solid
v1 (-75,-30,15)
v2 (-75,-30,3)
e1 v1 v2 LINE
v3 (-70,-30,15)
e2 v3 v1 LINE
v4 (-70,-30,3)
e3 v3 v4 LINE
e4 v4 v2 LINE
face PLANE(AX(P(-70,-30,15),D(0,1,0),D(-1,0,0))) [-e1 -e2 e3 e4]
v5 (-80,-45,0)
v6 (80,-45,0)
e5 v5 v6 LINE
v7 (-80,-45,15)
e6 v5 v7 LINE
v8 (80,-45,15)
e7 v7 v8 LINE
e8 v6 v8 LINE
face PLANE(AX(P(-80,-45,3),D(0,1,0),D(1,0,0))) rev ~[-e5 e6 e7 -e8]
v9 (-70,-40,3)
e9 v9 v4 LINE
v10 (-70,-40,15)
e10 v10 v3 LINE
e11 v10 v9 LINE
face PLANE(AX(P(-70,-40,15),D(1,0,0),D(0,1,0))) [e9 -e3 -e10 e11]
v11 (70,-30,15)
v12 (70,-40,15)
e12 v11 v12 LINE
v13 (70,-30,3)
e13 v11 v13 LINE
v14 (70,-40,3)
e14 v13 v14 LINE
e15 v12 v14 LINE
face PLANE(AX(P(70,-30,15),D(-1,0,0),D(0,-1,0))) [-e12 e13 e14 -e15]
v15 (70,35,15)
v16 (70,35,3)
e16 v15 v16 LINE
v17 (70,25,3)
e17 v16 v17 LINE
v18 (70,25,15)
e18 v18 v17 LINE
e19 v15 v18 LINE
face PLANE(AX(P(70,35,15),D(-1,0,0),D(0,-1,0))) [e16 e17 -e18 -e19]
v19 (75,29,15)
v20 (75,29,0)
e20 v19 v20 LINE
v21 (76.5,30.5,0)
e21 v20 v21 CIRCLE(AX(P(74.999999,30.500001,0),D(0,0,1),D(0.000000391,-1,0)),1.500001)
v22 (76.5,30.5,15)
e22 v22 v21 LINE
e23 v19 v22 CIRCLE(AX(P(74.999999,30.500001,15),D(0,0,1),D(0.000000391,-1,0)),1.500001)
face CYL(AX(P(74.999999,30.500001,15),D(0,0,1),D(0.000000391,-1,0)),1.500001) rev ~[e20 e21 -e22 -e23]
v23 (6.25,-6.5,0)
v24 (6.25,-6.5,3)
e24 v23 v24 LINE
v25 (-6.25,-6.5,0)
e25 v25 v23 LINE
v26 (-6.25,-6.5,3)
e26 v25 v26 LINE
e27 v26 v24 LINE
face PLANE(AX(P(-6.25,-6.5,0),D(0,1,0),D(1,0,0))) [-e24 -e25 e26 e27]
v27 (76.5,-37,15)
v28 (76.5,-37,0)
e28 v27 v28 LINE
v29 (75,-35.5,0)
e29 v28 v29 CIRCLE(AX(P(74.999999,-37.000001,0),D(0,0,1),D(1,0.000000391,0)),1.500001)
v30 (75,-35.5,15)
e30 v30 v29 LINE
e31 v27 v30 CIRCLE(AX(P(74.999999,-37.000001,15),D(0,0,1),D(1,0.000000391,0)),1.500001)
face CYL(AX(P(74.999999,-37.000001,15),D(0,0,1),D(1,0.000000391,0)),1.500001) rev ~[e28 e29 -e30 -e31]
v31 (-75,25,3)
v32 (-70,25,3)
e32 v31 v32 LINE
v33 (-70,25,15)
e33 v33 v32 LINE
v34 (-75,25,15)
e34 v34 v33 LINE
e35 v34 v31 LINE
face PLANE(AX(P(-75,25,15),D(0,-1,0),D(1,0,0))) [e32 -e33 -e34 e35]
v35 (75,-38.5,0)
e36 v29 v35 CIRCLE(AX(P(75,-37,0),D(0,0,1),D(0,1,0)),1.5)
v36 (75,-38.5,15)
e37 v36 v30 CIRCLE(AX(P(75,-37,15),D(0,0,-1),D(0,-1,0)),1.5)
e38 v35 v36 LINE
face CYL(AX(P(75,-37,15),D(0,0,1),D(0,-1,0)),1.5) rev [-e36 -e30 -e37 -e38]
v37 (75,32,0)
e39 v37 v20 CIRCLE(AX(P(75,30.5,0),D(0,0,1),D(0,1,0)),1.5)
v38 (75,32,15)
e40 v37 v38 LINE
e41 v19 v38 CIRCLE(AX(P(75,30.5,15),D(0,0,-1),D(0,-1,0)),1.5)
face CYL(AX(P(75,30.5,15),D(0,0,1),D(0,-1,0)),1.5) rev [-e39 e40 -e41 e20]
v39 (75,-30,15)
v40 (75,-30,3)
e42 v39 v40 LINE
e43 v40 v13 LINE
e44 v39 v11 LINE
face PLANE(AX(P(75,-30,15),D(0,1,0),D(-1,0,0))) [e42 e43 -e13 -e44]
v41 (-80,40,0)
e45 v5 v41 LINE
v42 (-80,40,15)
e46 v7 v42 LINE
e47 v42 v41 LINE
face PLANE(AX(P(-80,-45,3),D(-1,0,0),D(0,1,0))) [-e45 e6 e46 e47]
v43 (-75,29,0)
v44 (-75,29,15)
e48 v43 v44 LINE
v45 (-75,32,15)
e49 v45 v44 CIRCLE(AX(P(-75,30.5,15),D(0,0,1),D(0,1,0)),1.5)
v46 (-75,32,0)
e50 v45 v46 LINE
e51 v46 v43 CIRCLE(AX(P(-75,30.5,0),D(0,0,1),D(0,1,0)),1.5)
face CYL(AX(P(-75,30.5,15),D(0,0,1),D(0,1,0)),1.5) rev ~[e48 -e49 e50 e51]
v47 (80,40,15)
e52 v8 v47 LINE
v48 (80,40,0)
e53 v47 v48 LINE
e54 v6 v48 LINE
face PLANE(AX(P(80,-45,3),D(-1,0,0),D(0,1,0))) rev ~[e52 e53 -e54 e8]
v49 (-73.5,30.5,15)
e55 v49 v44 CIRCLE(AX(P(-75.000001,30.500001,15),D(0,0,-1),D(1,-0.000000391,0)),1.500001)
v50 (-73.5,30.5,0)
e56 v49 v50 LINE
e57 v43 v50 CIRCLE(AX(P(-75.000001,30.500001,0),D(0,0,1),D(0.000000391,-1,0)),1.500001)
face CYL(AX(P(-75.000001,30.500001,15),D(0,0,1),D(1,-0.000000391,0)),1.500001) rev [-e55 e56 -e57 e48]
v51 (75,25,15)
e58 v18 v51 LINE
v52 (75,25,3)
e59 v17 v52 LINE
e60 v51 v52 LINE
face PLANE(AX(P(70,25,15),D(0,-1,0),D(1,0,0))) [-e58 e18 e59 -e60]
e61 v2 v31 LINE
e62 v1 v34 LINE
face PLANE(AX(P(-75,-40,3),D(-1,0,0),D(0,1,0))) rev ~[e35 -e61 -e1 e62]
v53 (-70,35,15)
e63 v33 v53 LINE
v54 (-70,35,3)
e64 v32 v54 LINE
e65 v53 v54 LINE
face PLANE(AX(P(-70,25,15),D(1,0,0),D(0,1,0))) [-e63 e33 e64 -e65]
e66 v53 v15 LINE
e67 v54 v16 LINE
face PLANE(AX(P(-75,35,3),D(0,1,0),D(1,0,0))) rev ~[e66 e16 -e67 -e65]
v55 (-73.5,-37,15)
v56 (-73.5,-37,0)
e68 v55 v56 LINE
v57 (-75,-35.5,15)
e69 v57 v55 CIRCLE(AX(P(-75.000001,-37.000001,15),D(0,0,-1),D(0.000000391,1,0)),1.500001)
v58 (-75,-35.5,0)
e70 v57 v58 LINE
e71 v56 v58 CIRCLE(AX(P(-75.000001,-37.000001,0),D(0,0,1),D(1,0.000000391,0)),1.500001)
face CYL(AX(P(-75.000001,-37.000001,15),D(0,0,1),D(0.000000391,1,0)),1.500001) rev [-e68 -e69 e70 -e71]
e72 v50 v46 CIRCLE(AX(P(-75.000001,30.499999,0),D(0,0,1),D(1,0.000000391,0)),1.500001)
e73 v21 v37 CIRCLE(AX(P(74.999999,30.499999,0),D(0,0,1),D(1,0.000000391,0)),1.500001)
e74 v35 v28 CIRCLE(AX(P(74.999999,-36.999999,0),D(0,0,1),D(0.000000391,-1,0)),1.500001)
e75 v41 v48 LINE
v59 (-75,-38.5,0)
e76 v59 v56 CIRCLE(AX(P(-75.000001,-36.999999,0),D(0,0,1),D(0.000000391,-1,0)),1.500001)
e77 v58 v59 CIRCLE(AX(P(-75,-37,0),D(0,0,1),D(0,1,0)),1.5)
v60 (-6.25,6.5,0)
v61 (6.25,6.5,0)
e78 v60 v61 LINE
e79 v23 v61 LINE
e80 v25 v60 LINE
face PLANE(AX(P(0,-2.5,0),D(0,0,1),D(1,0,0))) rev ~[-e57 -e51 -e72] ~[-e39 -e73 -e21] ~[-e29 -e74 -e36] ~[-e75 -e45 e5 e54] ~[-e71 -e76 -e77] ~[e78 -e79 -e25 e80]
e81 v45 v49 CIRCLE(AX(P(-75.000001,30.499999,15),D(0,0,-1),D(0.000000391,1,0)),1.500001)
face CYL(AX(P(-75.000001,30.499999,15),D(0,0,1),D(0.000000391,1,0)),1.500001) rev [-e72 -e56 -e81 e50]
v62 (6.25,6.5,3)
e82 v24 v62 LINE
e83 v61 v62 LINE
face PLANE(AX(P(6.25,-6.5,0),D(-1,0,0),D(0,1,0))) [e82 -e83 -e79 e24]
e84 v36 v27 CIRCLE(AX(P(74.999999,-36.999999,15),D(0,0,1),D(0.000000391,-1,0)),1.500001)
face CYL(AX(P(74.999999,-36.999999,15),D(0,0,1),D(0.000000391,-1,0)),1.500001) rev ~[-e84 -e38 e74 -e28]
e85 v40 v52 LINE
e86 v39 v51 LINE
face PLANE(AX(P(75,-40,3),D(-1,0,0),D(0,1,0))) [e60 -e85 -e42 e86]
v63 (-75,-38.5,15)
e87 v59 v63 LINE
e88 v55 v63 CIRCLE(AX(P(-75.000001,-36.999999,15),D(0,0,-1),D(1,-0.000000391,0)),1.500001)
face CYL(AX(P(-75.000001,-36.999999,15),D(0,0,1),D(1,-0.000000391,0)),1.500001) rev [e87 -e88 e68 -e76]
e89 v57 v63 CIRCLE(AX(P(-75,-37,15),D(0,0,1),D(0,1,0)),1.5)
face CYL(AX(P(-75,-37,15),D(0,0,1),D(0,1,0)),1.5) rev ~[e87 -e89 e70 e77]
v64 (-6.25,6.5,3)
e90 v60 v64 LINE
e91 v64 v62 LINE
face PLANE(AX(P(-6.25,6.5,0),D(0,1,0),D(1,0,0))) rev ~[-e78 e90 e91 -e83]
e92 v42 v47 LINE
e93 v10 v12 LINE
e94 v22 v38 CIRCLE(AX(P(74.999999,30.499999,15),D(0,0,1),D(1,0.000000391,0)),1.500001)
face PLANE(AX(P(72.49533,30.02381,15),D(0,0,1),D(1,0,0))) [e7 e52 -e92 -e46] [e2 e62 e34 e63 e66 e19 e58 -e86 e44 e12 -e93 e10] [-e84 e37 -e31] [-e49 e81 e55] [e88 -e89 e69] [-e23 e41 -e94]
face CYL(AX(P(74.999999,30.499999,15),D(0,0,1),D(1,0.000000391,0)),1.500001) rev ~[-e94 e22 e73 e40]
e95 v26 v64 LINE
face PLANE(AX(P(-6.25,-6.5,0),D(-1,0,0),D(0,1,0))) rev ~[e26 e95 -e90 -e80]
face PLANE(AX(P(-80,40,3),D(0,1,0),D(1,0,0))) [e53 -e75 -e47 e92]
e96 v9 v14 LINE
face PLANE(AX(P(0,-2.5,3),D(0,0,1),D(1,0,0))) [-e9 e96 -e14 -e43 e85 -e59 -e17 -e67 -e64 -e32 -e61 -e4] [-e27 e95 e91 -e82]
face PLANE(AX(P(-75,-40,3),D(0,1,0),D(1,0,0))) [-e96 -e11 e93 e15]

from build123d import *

# Parameters (mm, degrees)
F0_W     = 160
F0_H     = 85
F0_W_2   = 12.5
F0_H_2   = 13
F1_DEPTH = 3
F2_W     = 160
F2_H     = 85
F2_W_2   = 150
F2_H_2   = 75
F3_DEPTH = 12
F5_DEPTH = 12
F6_DEPTH = 15


with BuildPart() as f1:
    # F0 (on Top) → F1 (new body)
    with BuildSketch(Plane.XY):
        with Locations((0, -2.5)):
            Rectangle(F0_W, F0_H)
        Rectangle(F0_W_2, F0_H_2, mode=Mode.SUBTRACT)
    extrude(amount=F1_DEPTH)

    # F2 (on face) → F3 (join)
    with BuildSketch(Plane.XY.offset(3)):
        with Locations((0, -2.5)):
            Rectangle(F2_W, F2_H)
        with Locations((0, -2.5)):
            Rectangle(F2_W_2, F2_H_2, mode=Mode.SUBTRACT)
    extrude(amount=F3_DEPTH)

    # F4 (on face) → F5 (join, through all)
    with BuildSketch(Plane.XY.offset(15)):
        with BuildLine():
            ThreePointArc((75, 29), (73.5, 30.5), (75, 32))
            Line((75, 32), (75, 35))
            Line((75, 35), (70, 35))
            Line((70, 35), (70, 25))
            Line((70, 25), (75, 25))
            Line((75, 25), (75, 29))
        make_face()
        with BuildLine():
            ThreePointArc((-75, 32), (-73.93934, 31.56066), (-73.5, 30.5))
            ThreePointArc((-73.5, 30.5), (-73.93934, 29.43934), (-75, 29))
            Line((-75, 29), (-75, 25))
            Line((-75, 25), (-70, 25))
            Line((-70, 25), (-70, 35))
            Line((-70, 35), (-75, 35))
            Line((-75, 35), (-75, 32))
        make_face()
        with BuildLine():
            ThreePointArc((-75, -35.5), (-73.93934, -35.93934), (-73.5, -37))
            ThreePointArc((-73.5, -37), (-73.93934, -38.06066), (-75, -38.5))
            Line((-75, -38.5), (-75, -40))
            Line((-75, -40), (-70, -40))
            Line((-70, -40), (-70, -30))
            Line((-70, -30), (-75, -30))
            Line((-75, -30), (-75, -35.5))
        make_face()
        with BuildLine():
            ThreePointArc((75, -38.5), (73.5, -37), (75, -35.5))
            Line((75, -35.5), (75, -30))
            Line((75, -30), (70, -30))
            Line((70, -30), (70, -40))
            Line((70, -40), (75, -40))
            Line((75, -40), (75, -38.5))
        make_face()
    extrude(amount=-F5_DEPTH)

    # F4 (on face) → F6 (cut, through all)
    with BuildSketch(Plane.XY.offset(15)):
        with BuildLine():
            ThreePointArc((-75, -38.5), (-73.93934, -38.06066), (-73.5, -37))
            ThreePointArc((-73.5, -37), (-73.93934, -35.93934), (-75, -35.5))
            Line((-75, -35.5), (-75, -38.5))
        make_face()
        with BuildLine():
            Line((-75, -38.5), (-75, -35.5))
            ThreePointArc((-75, -35.5), (-76.5, -37), (-75, -38.5))
        make_face()
        with BuildLine():
            ThreePointArc((75, -38.5), (76.06066, -38.06066), (76.5, -37))
            ThreePointArc((76.5, -37), (76.06066, -35.93934), (75, -35.5))
            Line((75, -35.5), (75, -38.5))
        make_face()
        with BuildLine():
            Line((75, -38.5), (75, -35.5))
            ThreePointArc((75, -35.5), (73.5, -37), (75, -38.5))
        make_face()
        with BuildLine():
            Line((75, 29), (75, 32))
            ThreePointArc((75, 32), (73.5, 30.5), (75, 29))
        make_face()
        with BuildLine():
            ThreePointArc((75, 29), (76.06066, 29.43934), (76.5, 30.5))
            ThreePointArc((76.5, 30.5), (76.06066, 31.56066), (75, 32))
            Line((75, 32), (75, 29))
        make_face()
        with BuildLine():
            ThreePointArc((-75, 29), (-73.93934, 29.43934), (-73.5, 30.5))
            ThreePointArc((-73.5, 30.5), (-73.93934, 31.56066), (-75, 32))
            Line((-75, 32), (-75, 29))
        make_face()
        with BuildLine():
            Line((-75, 29), (-75, 32))
            ThreePointArc((-75, 32), (-76.5, 30.5), (-75, 29))
        make_face()
    extrude(amount=-F6_DEPTH, mode=Mode.SUBTRACT)


solid = f1.part
